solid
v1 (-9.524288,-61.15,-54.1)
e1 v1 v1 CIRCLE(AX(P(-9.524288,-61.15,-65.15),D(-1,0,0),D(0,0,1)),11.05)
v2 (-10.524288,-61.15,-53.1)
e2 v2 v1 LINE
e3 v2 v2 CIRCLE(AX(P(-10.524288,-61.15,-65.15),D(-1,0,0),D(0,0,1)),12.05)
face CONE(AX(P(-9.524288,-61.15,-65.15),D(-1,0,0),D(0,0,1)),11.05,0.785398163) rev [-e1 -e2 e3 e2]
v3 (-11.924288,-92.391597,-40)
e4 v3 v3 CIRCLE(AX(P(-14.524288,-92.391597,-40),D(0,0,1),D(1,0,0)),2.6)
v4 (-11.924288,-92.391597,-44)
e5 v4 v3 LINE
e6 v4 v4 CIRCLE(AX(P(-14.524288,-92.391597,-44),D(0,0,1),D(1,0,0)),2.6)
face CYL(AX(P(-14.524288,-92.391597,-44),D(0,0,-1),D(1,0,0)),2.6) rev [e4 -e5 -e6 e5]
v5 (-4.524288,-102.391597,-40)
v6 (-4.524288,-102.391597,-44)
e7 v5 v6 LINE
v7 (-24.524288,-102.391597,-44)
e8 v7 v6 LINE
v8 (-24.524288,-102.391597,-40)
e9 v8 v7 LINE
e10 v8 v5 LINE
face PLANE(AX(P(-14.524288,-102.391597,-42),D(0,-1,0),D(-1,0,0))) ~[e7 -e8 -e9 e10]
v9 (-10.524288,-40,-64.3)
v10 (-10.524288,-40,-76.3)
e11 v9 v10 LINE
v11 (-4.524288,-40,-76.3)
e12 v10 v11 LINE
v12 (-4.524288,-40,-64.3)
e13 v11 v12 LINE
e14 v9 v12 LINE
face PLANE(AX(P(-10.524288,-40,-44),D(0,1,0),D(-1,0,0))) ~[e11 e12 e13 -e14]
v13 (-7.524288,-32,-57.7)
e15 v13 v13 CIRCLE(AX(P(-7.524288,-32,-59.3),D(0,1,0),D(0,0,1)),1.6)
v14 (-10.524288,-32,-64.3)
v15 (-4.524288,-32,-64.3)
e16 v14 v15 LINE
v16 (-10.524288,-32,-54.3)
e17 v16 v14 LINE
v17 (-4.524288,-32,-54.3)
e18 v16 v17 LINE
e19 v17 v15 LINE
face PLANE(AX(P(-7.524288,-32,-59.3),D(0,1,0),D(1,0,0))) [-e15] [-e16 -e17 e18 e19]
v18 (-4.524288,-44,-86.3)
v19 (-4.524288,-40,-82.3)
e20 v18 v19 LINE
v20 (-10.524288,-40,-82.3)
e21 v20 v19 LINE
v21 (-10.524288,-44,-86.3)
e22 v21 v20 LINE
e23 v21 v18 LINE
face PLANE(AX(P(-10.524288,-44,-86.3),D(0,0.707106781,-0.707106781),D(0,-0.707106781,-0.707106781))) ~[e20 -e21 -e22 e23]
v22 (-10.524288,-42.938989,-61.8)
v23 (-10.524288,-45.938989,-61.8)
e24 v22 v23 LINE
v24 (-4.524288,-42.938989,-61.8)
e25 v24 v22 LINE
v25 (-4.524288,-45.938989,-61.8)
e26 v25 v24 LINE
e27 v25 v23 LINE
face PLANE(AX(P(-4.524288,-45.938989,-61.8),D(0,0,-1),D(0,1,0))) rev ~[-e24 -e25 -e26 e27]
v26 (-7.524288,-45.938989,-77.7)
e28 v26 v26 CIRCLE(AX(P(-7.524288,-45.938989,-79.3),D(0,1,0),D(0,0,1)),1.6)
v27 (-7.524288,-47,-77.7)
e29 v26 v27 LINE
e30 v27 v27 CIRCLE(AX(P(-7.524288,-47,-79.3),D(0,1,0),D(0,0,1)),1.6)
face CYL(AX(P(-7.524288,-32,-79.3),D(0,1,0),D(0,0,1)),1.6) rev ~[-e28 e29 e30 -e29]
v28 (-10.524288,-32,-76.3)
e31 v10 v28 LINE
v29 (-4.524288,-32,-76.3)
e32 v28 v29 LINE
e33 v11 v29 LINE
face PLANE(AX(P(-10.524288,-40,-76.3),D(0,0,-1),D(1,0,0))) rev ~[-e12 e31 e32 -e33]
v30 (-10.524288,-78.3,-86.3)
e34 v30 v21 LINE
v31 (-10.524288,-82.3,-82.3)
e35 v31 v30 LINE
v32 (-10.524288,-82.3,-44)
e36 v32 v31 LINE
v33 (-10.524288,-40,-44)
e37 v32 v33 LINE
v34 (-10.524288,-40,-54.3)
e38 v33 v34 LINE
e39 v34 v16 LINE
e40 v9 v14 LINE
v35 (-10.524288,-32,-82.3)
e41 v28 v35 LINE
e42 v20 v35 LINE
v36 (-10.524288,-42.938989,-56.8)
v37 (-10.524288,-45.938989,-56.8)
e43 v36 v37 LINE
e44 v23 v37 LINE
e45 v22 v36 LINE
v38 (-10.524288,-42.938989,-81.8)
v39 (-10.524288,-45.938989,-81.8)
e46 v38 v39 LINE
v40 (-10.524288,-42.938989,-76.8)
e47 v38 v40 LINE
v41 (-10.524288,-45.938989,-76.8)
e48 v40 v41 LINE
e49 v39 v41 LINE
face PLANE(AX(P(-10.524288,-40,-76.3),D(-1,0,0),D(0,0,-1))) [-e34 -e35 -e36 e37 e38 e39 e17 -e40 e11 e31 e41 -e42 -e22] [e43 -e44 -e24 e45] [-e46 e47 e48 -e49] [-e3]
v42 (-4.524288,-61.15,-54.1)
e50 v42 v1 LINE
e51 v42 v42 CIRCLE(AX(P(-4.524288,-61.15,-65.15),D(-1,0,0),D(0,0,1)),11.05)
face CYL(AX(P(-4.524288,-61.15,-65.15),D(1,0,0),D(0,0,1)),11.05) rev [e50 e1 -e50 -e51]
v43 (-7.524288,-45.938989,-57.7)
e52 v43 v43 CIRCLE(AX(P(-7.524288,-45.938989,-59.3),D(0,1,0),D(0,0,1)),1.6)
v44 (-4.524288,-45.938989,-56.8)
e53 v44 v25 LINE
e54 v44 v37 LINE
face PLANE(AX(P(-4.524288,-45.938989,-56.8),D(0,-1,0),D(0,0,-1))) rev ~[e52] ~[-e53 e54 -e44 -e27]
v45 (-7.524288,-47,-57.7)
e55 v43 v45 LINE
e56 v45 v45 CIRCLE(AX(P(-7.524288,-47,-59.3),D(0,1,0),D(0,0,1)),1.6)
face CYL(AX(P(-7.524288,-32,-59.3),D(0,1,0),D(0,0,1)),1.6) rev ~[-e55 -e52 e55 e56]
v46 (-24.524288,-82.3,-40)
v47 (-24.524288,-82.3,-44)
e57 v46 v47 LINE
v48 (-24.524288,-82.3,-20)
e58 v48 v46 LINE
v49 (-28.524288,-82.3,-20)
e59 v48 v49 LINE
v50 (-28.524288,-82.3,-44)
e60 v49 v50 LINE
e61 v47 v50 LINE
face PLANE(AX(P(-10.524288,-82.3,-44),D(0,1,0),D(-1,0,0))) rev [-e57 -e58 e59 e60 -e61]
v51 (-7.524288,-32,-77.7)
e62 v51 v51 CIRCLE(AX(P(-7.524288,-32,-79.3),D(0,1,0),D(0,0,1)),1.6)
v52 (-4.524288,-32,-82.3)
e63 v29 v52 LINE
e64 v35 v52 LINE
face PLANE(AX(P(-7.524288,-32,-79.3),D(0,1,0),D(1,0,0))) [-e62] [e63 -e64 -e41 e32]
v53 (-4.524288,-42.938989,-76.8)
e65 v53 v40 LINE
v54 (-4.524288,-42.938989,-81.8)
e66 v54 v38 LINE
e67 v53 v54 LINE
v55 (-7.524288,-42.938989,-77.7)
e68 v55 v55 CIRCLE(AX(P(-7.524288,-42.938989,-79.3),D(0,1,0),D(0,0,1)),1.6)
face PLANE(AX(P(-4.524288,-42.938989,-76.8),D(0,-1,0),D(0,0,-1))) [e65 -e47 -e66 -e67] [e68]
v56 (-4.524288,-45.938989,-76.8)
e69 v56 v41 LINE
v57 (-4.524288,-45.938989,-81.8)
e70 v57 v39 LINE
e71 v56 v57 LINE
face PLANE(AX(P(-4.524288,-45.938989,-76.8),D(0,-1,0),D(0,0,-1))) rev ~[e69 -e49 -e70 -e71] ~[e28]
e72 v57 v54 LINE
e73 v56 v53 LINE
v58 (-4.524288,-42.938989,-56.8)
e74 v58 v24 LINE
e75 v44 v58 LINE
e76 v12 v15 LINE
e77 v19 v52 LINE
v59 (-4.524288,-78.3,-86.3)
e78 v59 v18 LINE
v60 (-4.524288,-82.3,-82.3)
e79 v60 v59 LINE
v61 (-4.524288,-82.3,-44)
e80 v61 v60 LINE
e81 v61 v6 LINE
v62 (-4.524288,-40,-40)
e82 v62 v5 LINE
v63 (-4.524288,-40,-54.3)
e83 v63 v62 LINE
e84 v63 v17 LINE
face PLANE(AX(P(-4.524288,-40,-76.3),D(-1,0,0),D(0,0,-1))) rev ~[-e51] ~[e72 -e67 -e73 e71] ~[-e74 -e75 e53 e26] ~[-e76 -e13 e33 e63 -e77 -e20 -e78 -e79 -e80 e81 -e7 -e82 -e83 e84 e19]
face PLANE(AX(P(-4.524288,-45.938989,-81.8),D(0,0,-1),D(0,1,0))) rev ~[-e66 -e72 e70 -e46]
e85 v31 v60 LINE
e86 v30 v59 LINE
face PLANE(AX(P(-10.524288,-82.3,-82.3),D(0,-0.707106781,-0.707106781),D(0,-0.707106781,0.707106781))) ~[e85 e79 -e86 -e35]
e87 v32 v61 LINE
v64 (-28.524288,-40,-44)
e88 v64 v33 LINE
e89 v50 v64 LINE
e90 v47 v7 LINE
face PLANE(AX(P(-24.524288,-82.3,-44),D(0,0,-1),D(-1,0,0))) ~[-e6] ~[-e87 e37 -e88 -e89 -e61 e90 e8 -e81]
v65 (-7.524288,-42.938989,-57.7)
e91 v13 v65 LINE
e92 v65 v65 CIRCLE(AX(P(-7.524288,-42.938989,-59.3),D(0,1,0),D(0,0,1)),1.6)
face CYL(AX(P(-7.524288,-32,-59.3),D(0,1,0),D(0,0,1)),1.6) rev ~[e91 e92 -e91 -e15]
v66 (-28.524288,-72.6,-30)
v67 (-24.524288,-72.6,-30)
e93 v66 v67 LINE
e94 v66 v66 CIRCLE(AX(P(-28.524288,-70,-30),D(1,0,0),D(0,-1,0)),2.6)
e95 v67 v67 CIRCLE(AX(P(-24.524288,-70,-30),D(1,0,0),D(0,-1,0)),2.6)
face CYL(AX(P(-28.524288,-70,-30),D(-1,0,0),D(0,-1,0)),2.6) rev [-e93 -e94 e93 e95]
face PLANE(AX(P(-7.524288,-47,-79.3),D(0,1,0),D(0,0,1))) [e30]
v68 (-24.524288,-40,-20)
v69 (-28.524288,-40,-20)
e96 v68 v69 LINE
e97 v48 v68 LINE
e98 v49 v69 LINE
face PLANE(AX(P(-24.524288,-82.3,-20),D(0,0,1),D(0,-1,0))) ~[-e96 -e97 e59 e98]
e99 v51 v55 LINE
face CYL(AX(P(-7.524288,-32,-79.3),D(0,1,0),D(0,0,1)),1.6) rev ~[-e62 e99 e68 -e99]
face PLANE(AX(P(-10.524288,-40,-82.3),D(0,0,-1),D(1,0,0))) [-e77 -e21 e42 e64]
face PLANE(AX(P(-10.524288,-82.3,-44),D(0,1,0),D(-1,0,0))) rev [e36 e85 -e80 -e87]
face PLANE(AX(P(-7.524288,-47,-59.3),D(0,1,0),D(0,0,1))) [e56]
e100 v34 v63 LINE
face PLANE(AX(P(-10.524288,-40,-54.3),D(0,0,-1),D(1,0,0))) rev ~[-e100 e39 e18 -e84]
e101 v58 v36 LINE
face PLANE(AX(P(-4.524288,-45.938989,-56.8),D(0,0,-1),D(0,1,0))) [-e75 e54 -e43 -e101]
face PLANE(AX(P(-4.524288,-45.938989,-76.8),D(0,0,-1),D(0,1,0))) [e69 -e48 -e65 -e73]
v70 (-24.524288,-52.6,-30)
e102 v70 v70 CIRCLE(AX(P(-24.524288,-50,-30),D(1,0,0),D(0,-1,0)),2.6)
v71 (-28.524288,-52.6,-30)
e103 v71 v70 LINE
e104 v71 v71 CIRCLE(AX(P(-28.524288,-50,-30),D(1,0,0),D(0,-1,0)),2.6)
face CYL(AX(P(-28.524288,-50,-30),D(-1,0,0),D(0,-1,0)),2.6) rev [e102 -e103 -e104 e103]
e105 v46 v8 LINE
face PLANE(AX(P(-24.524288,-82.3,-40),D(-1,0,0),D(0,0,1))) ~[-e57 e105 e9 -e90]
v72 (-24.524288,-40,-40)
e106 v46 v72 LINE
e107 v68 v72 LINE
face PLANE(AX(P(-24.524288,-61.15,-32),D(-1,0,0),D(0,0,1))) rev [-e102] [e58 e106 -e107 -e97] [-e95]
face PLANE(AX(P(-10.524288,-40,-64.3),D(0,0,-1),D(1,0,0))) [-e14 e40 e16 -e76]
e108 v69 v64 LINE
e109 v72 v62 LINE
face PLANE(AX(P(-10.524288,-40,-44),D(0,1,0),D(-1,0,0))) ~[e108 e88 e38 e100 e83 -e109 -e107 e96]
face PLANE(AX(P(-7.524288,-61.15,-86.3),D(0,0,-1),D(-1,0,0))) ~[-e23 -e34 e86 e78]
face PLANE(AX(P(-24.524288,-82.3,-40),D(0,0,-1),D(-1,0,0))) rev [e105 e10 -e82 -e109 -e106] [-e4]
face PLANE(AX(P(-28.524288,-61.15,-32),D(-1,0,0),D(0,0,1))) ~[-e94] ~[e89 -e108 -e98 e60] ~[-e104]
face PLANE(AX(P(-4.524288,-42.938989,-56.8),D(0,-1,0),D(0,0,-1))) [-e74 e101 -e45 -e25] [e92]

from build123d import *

# Parameters (mm, degrees)
SKICA2_W                 = 20
SKICA2_H                 = 42.3
P_IDAT_VYSUNUT_M1_DEPTH  = 4
SKICA3_W                 = 24
SKICA3_H                 = 42.3
P_IDAT_VYSUNUT_M2_DEPTH  = 4
SKICA4_W                 = 6
SKICA4_H                 = 42.3
P_IDAT_VYSUNUT_M3_DEPTH  = 42.3
SKICA5_R                 = 11.05
ODEBRAT_VYSUNUT_M1_DEPTH = 7
SKICA7_R                 = 2.6
ODEBRAT_VYSUNUT_M3_DEPTH = 4
ZKOSEN_1_SIZE            = 1
SKICA8_W                 = 20
SKICA8_H                 = 4
P_IDAT_VYSUNUT_M4_DEPTH  = 20.091596743
SKICA9_R                 = 2.6
ODEBRAT_VYSUNUT_M4_DEPTH = 4
ODEBRAT_VYSUNUT_M5_DEPTH = 80
SKICA11_W                = 84.692176523
SKICA11_H                = 80.474242756
ODEBRAT_VYSUNUT_M6_DEPTH = 24
SKICA12_W                = 6
SKICA12_H                = 6
SKICA12_H_2              = 10
P_IDAT_VYSUNUT_M5_DEPTH  = 8
SKICA13_R                = 1.6
ODEBRAT_VYSUNUT_M7_DEPTH = 15
SKICA14_W                = 5
SKICA14_H                = 3
ODEBRAT_VYSUNUT_M8_DEPTH = 15


with BuildPart() as part:
    # Skica2 → Přidat vysunutím1 (new body)
    with BuildSketch(Plane.XY):
        with Locations((-14.524287798, -61.15)):
            Rectangle(SKICA2_W, SKICA2_H)
    extrude(amount=P_IDAT_VYSUNUT_M1_DEPTH)

    # Skica3 → Přidat vysunutím2 (add)
    with BuildSketch(Plane.ZY.offset(24.524287798)):
        with Locations((-8, -61.15)):
            Rectangle(SKICA3_W, SKICA3_H)
    extrude(amount=P_IDAT_VYSUNUT_M2_DEPTH)

    # Skica4 → Přidat vysunutím3 (add)
    with BuildSketch(Plane.XY.offset(4)):
        with Locations((-7.524287798, -61.15)):
            Rectangle(SKICA4_W, SKICA4_H)
    extrude(amount=P_IDAT_VYSUNUT_M3_DEPTH)

    # Skica5 → Odebrat vysunutím1 (cut)
    with BuildSketch(Plane(origin=(-4.524287798, 0, 0), x_dir=(0, 0, -1), z_dir=(1, 0, 0))):
        with Locations((-25.15, -61.15)):
            Circle(SKICA5_R)
    extrude(amount=-ODEBRAT_VYSUNUT_M1_DEPTH, mode=Mode.SUBTRACT)

    # Skica7 → Odebrat vysunutím3 (cut)
    with BuildSketch(Plane.ZY.offset(28.524287798)):
        with Locations(Location((-10, -50, 0), (0, 0, 270))):
            Circle(SKICA7_R)
        with Locations(Location((-10, -70, 0), (0, 0, 270))):
            Circle(SKICA7_R)
    extrude(amount=-ODEBRAT_VYSUNUT_M3_DEPTH, mode=Mode.SUBTRACT)

    # Zkosení1
    zkosen_1_edges = [part.edges().sort_by_distance(p)[0] for p in [
        (-10.524287798, -61.15, 36.2),
    ]]
    chamfer(zkosen_1_edges, length=ZKOSEN_1_SIZE)

    # Skica8 → Přidat vysunutím4 (add)
    with BuildSketch(Plane.XZ.offset(82.3)):
        with Locations((-14.524287798, 2)):
            Rectangle(SKICA8_W, SKICA8_H)
    extrude(amount=P_IDAT_VYSUNUT_M4_DEPTH)

    # Skica9 → Odebrat vysunutím4 (cut)
    with BuildSketch(Plane.XY.offset(4)):
        with Locations((-14.524287798, -92.391596743)):
            Circle(SKICA9_R)
    extrude(amount=-ODEBRAT_VYSUNUT_M4_DEPTH, mode=Mode.SUBTRACT)

    # Skica10 → Odebrat vysunutím5 (cut)
    with BuildSketch(Plane.ZY.offset(10.524287798)):
        Polygon((46.3, -44), (42.3, -40), (46.565878614, -39.259270079), align=None)
        Polygon((42.3, -82.3), (46.3, -78.3), (47.745576453, -80.3), (46.3, -85.415433185), align=None)
    extrude(amount=-ODEBRAT_VYSUNUT_M5_DEPTH, mode=Mode.SUBTRACT)


with BuildPart() as body_2:
    # Zrcadlit1: mirrored copy
    add(part.part.mirror(Plane(origin=(-28.524287798, -40, -20), x_dir=(1, 0, 0), z_dir=(0, 0, 1))))

    # Skica12 → Přidat vysunutím5 (add)
    with BuildSketch(Plane(origin=(0, -40, 0), x_dir=(1, 0, 0), z_dir=(0, 1, 0))):
        with Locations((-7.524287798, 79.3)):
            Rectangle(SKICA12_W, SKICA12_H)
        with Locations((-7.524287798, 59.3)):
            Rectangle(SKICA12_W, SKICA12_H_2)
    extrude(amount=P_IDAT_VYSUNUT_M5_DEPTH)

    # Skica13 → Odebrat vysunutím7 (cut)
    with BuildSketch(Plane(origin=(0, -32, 0), x_dir=(1, 0, 0), z_dir=(0, 1, 0))):
        with Locations(Location((-7.524287798, 59.3, 0), (0, 0, 270))):
            Circle(SKICA13_R)
        with Locations(Location((-7.524287798, 79.3, 0), (0, 0, 270))):
            Circle(SKICA13_R)
    extrude(amount=-ODEBRAT_VYSUNUT_M7_DEPTH, mode=Mode.SUBTRACT)

    # Skica14 → Odebrat vysunutím8 (cut)
    with BuildSketch(Plane(origin=(-4.524287798, 0, 0), x_dir=(0, 0, -1), z_dir=(1, 0, 0))):
        with Locations((59.3, -44.438988808)):
            Rectangle(SKICA14_W, SKICA14_H)
        with Locations((79.3, -44.438988808)):
            Rectangle(SKICA14_W, SKICA14_H)
    extrude(amount=-ODEBRAT_VYSUNUT_M8_DEPTH, mode=Mode.SUBTRACT)


with BuildPart() as part_1:
    add(part.part)

    # Skica11 → Odebrat vysunutím6 (cut)
    with BuildSketch(Plane.ZY.offset(28.524287798)):
        with Locations((22.346088262, -80.237121378)):
            Rectangle(SKICA11_W, SKICA11_H)
    extrude(amount=-ODEBRAT_VYSUNUT_M6_DEPTH, mode=Mode.SUBTRACT)


solid = body_2.part
